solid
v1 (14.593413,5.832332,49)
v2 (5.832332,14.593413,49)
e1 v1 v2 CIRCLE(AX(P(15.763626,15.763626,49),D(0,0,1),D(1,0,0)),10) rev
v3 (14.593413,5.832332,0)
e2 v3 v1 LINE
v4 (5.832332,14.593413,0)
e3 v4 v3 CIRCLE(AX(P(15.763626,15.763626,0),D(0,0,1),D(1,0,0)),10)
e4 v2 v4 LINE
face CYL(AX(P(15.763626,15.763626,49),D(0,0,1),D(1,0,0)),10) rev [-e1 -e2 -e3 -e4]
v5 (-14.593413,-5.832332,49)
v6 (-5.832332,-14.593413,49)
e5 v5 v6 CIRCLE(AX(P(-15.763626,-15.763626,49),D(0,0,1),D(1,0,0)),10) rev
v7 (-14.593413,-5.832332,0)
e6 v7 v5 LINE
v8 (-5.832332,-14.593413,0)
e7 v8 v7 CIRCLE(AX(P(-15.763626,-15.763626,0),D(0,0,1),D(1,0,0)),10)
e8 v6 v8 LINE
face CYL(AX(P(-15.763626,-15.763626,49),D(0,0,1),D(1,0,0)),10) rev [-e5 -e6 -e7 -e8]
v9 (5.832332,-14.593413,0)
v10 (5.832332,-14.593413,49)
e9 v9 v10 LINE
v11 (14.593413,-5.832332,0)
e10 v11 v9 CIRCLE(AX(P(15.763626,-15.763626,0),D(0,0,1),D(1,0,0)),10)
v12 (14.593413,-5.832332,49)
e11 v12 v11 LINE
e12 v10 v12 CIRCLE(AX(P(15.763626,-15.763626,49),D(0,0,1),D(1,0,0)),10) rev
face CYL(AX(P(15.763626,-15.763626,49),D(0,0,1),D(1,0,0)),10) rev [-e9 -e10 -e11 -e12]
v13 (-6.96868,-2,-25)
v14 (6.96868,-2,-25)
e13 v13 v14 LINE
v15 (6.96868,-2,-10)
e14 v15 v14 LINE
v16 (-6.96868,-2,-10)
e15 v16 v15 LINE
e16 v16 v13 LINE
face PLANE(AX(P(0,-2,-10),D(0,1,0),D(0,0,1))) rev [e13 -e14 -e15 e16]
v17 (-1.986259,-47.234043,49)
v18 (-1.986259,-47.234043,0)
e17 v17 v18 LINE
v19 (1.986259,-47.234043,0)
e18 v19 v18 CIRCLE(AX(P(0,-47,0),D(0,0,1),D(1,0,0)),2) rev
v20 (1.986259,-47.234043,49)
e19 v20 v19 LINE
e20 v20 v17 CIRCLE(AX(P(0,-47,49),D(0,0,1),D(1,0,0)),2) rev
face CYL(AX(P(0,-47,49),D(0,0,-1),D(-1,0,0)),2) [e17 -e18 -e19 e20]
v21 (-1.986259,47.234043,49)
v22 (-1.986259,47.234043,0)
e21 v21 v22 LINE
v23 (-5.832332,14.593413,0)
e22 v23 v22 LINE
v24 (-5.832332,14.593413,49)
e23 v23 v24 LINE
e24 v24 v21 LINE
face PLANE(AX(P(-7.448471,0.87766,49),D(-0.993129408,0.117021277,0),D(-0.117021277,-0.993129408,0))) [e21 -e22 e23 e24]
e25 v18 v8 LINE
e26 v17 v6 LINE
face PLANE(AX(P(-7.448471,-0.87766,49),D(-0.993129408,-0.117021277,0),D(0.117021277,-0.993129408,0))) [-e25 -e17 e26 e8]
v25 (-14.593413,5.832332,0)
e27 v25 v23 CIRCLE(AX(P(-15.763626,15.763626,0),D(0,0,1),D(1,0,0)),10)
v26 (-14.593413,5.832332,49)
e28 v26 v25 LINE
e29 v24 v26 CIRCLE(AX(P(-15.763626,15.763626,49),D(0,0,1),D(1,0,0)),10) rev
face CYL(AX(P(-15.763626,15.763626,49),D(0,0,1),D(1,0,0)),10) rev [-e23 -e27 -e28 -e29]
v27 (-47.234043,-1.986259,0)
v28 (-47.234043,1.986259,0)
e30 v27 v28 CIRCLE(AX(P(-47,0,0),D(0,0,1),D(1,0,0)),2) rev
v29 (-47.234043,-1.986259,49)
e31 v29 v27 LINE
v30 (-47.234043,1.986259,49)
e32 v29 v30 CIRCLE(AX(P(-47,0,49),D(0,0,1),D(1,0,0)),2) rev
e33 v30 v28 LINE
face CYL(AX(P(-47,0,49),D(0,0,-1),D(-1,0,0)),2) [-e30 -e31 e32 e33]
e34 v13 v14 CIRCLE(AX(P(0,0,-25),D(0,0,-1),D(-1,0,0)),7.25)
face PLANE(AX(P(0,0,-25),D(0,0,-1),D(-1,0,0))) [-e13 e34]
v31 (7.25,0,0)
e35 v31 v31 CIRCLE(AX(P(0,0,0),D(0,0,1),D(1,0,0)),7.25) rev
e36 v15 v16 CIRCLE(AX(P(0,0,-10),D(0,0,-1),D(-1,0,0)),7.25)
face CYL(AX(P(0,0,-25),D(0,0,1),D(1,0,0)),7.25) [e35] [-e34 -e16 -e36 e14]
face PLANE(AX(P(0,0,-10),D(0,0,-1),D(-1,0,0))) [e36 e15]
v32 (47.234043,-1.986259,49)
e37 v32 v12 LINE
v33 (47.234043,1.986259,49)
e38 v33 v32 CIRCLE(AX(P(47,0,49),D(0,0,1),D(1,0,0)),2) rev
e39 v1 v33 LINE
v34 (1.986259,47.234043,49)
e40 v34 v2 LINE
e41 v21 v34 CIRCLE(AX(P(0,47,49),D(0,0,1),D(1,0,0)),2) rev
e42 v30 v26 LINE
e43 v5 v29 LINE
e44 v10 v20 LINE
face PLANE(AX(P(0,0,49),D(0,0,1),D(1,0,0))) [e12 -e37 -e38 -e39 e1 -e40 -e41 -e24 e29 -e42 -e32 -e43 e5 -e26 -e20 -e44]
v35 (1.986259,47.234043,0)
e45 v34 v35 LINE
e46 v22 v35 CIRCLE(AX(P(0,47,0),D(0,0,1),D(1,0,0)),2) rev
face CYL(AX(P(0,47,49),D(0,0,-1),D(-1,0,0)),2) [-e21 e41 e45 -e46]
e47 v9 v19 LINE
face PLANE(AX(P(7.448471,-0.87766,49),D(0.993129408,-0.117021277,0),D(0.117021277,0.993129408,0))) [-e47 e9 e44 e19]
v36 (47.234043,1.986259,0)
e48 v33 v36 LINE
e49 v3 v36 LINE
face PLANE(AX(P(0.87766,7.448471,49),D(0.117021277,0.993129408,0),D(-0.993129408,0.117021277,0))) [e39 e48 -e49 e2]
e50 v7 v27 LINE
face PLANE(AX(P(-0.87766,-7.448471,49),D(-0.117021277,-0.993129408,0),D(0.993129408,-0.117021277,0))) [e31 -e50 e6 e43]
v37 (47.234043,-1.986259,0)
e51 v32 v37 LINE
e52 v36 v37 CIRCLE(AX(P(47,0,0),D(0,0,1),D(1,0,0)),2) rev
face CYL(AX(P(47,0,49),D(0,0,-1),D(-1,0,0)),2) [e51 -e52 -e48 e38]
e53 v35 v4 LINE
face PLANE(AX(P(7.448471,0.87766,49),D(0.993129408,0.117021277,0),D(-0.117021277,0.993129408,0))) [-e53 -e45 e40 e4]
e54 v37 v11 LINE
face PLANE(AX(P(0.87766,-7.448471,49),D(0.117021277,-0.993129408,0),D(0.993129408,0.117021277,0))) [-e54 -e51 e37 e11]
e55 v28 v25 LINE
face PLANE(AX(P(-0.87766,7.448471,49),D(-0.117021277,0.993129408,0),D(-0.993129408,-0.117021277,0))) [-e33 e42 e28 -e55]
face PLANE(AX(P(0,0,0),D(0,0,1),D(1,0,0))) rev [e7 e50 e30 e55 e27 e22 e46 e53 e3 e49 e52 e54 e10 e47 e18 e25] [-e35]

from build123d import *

# Parameters (mm, degrees)
SKETCH1_R           = 7.5
BOSS_EXTRUDE1_DEPTH = 49
FILLET1_R           = 10
SKETCH2_R           = 7.25
BOSS_EXTRUDE2_DEPTH = 25
CUT_EXTRUDE1_START  = -15
CUT_EXTRUDE1_DEPTH  = 15


with BuildPart() as part:
    # Sketch1 → Boss-Extrude1 (new body)
    with BuildSketch(Plane.XY):
        with BuildLine():
            ThreePointArc((-7.448470559, -0.877659574), (-7.5, 0), (-7.448470559, 0.877659574))
            Line((-7.448470559, 0.877659574), (-6.755839639, 6.755839639))
            Line((-6.755839639, 6.755839639), (-47.234042553, 1.986258816))
            ThreePointArc((-47.234042553, 1.986258816), (-49, 0), (-47.234042553, -1.986258816))
            Line((-47.234042553, -1.986258816), (-6.755839639, -6.755839639))
            Line((-6.755839639, -6.755839639), (-7.448470559, -0.877659574))
        make_face()
        with BuildLine():
            Line((-1.986258816, 47.234042553), (-6.755839639, 6.755839639))
            Line((-6.755839639, 6.755839639), (-0.877659574, 7.448470559))
            ThreePointArc((-0.877659574, 7.448470559), (0, 7.5), (0.877659574, 7.448470559))
            Line((0.877659574, 7.448470559), (6.755839639, 6.755839639))
            Line((6.755839639, 6.755839639), (1.986258816, 47.234042553))
            ThreePointArc((1.986258816, 47.234042553), (0, 49), (-1.986258816, 47.234042553))
        make_face()
        with BuildLine():
            Line((47.234042553, 1.986258816), (6.755839639, 6.755839639))
            Line((6.755839639, 6.755839639), (7.448470559, 0.877659574))
            ThreePointArc((7.448470559, 0.877659574), (7.487106557, 0.43958549), (7.5, 0))
            ThreePointArc((7.5, 0), (7.487106557, -0.43958549), (7.448470559, -0.877659574))
            Line((7.448470559, -0.877659574), (6.755839639, -6.755839639))
            Line((6.755839639, -6.755839639), (47.234042553, -1.986258816))
            ThreePointArc((47.234042553, -1.986258816), (49, 0), (47.234042553, 1.986258816))
        make_face()
        with BuildLine():
            Line((-0.877659574, -7.448470559), (-6.755839639, -6.755839639))
            Line((-6.755839639, -6.755839639), (-1.986258816, -47.234042553))
            ThreePointArc((-1.986258816, -47.234042553), (0, -49), (1.986258816, -47.234042553))
            Line((1.986258816, -47.234042553), (6.755839639, -6.755839639))
            Line((6.755839639, -6.755839639), (0.877659574, -7.448470559))
            ThreePointArc((0.877659574, -7.448470559), (0, -7.5), (-0.877659574, -7.448470559))
        make_face()
        with BuildLine():
            Line((-6.755839639, 6.755839639), (-7.448470559, 0.877659574))
            ThreePointArc((-7.448470559, 0.877659574), (-5.303300859, 5.303300859), (-0.877659574, 7.448470559))
            Line((-0.877659574, 7.448470559), (-6.755839639, 6.755839639))
        make_face()
        Circle(SKETCH1_R)
        with BuildLine():
            Line((6.755839639, 6.755839639), (0.877659574, 7.448470559))
            ThreePointArc((0.877659574, 7.448470559), (5.303300859, 5.303300859), (7.448470559, 0.877659574))
            Line((7.448470559, 0.877659574), (6.755839639, 6.755839639))
        make_face()
        with BuildLine():
            ThreePointArc((7.448470559, -0.877659574), (5.303300859, -5.303300859), (0.877659574, -7.448470559))
            Line((0.877659574, -7.448470559), (6.755839639, -6.755839639))
            Line((6.755839639, -6.755839639), (7.448470559, -0.877659574))
        make_face()
        with BuildLine():
            ThreePointArc((-0.877659574, -7.448470559), (-5.303300859, -5.303300859), (-7.448470559, -0.877659574))
            Line((-7.448470559, -0.877659574), (-6.755839639, -6.755839639))
            Line((-6.755839639, -6.755839639), (-0.877659574, -7.448470559))
        make_face()
    extrude(amount=BOSS_EXTRUDE1_DEPTH)

    # Fillet1
    fillet1_edges = [part.edges().sort_by_distance(p)[0] for p in [
        (6.755839639, 6.755839639, 24.5),
        (6.755839639, -6.755839639, 24.5),
        (-6.755839639, -6.755839639, 24.5),
        (-6.755839639, 6.755839639, 24.5),
    ]]
    fillet(fillet1_edges, radius=FILLET1_R)

    # Sketch2 → Boss-Extrude2 (add)
    with BuildSketch(Plane(origin=(0, 0, 0), x_dir=(-1, 0, 0), z_dir=(0, 0, -1))):
        with Locations(Location((0, 0, 0), (0, 0, 180))):
            Circle(SKETCH2_R)
    extrude(amount=BOSS_EXTRUDE2_DEPTH)

    # Sketch3 → Cut-Extrude1 (cut)
    with BuildSketch(Plane(origin=(0, 0, -25), x_dir=(-1, 0, 0), z_dir=(0, 0, -1)).offset(CUT_EXTRUDE1_START)):
        with BuildLine():
            Line((6.968679932, -2), (-6.968679932, -2))
            ThreePointArc((-6.968679932, -2), (0, -7.25), (6.968679932, -2))
        make_face()
    extrude(amount=CUT_EXTRUDE1_DEPTH, mode=Mode.SUBTRACT)


solid = part.part
